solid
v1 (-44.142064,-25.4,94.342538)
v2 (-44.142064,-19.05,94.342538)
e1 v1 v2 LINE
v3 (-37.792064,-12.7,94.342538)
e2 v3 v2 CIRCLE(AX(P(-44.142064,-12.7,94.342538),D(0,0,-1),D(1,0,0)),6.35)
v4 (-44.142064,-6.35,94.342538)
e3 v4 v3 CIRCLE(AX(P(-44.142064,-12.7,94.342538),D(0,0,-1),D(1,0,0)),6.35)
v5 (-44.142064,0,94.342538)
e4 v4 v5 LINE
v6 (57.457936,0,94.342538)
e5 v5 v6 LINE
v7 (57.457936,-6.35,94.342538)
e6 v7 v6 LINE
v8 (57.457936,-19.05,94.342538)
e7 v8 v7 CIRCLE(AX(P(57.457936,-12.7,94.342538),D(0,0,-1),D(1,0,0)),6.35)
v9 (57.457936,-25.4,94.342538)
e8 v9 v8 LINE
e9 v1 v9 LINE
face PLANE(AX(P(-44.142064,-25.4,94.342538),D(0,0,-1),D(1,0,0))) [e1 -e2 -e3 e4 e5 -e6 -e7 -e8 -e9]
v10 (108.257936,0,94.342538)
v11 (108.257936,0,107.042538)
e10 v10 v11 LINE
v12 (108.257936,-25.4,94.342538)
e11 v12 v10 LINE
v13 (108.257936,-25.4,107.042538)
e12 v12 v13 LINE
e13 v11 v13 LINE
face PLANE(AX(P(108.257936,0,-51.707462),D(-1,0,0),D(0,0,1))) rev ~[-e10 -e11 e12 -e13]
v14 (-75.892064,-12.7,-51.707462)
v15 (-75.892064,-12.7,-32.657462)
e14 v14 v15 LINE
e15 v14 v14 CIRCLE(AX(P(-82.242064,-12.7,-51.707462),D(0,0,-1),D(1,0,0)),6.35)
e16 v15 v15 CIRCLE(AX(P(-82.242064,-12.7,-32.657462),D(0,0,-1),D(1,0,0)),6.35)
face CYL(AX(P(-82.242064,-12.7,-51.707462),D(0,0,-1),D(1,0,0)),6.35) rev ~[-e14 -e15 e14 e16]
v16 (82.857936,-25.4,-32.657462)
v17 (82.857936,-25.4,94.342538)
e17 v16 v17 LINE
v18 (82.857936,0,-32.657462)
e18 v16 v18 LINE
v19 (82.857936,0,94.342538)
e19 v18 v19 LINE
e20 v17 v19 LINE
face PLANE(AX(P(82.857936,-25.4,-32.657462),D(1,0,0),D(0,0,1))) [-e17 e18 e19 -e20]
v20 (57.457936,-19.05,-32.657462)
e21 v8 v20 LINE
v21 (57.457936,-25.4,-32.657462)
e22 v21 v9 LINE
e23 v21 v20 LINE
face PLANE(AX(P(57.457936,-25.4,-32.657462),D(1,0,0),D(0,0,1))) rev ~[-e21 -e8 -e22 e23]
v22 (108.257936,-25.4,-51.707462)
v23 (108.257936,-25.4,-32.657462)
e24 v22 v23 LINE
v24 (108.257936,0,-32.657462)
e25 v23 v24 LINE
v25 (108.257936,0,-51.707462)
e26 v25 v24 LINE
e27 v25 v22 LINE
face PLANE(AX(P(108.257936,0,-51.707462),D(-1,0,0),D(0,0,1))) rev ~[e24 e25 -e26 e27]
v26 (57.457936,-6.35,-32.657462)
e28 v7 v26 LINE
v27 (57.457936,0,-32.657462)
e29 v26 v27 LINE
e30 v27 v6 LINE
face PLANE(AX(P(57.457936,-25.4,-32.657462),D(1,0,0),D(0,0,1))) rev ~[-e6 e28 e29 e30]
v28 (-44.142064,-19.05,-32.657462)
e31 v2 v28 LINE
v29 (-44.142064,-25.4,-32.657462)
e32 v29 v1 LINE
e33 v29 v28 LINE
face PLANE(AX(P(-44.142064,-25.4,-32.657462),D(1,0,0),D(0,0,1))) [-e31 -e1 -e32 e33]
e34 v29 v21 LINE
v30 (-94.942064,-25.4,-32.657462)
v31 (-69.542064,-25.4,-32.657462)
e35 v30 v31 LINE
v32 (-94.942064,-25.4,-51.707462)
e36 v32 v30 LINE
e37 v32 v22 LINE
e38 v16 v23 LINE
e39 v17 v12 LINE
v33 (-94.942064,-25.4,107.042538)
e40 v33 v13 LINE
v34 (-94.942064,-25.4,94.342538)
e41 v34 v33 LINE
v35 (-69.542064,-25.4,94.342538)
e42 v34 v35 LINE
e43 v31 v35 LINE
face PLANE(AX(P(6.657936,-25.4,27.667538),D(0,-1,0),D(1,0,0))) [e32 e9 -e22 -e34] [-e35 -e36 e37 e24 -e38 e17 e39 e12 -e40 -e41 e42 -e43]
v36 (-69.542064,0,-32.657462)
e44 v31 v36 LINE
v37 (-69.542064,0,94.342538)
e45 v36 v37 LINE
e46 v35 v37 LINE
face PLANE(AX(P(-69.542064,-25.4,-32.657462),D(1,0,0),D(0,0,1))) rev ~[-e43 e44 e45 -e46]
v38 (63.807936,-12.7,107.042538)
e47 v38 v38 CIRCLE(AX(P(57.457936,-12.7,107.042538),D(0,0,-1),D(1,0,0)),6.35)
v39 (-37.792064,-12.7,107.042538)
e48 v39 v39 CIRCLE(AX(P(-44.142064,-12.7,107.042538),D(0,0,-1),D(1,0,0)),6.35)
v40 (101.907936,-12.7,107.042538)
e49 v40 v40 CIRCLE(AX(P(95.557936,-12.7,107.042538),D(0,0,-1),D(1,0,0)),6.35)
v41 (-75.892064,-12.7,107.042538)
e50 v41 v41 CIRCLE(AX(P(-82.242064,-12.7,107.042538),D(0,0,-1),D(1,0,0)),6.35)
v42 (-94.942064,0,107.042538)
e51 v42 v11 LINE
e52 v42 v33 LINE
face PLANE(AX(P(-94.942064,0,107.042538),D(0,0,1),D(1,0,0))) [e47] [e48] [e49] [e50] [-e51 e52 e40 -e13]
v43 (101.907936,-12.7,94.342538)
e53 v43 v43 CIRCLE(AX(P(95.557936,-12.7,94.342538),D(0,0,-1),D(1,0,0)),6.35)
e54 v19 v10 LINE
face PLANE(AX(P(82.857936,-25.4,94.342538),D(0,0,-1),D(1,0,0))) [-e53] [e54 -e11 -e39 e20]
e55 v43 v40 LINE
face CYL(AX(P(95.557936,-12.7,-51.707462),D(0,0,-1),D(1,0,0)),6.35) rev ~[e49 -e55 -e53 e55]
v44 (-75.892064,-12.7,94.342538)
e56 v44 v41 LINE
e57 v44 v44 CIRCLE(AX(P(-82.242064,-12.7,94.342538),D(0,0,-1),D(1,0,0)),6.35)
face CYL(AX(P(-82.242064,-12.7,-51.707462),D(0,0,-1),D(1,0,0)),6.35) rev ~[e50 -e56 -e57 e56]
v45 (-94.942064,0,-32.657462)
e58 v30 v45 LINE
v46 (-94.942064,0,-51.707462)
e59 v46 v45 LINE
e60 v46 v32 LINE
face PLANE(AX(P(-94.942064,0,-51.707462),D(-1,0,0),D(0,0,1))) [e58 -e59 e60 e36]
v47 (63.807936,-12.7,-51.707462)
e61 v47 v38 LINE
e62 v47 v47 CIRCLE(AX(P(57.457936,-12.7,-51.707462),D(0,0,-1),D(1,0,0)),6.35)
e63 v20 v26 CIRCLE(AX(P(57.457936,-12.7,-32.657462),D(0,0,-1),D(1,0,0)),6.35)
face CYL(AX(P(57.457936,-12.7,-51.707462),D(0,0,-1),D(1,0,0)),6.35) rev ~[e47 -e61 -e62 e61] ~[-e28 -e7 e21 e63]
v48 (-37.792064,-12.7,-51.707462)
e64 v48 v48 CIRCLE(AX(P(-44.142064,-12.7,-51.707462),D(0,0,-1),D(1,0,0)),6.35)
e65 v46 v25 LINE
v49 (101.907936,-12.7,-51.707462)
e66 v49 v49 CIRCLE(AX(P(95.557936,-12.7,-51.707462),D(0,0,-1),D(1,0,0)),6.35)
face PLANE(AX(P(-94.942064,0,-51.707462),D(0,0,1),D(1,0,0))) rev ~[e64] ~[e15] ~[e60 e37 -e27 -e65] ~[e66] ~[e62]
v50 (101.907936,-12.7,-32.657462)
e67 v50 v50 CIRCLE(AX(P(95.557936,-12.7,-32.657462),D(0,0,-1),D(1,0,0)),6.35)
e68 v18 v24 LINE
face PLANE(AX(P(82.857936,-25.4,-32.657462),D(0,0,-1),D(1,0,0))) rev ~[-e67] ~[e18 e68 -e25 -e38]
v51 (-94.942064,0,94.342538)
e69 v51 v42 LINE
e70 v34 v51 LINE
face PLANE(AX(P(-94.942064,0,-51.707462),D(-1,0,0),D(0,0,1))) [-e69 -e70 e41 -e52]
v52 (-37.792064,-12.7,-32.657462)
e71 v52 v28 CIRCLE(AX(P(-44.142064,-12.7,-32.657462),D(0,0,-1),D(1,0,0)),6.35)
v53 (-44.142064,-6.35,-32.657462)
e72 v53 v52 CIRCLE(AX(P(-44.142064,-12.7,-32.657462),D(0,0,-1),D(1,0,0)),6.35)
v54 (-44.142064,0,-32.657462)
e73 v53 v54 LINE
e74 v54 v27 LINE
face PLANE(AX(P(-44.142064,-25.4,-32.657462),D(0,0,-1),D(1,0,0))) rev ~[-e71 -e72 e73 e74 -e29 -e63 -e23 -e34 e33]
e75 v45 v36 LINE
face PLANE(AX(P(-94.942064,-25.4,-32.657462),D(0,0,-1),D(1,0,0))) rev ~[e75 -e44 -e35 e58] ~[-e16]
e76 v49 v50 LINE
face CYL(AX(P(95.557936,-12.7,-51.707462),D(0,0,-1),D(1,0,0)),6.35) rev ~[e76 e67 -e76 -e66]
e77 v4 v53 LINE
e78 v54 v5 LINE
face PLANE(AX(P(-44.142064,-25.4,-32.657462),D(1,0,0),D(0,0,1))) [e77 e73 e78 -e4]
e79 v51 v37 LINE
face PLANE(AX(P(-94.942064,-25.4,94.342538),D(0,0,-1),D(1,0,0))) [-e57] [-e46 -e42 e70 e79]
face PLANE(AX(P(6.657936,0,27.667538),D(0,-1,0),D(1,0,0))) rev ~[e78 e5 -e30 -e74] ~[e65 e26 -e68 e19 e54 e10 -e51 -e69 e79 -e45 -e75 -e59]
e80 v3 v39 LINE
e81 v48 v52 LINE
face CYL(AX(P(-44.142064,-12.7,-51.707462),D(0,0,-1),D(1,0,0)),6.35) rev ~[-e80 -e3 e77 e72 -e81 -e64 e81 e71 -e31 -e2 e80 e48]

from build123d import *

# Parameters (mm, degrees)
F0_W     = 203.2
F0_H     = 158.75
F1_DEPTH = 25.4
F2_W     = 25.4
F2_H     = 127
F3_DEPTH = 25.4
F4_R     = 6.35
F5_DEPTH = 177.8
F6_R     = 6.35
F7_DEPTH = 177.8
F8_W     = 101.6
F8_H     = 127
F9_DEPTH = 25.4


with BuildPart() as f1:
    # F0 (on Front) → F1 (new body)
    with BuildSketch(Plane.XZ):
        with Locations((6.657936, 27.667538)):
            Rectangle(F0_W, F0_H)
    extrude(amount=F1_DEPTH)

    # F2 (on face) → F3 (cut)
    with BuildSketch(Plane.XZ.offset(25.4)):
        with Locations((-82.242064, 30.842538)):
            Rectangle(F2_W, F2_H)
        with Locations((95.557936, 30.842538)):
            Rectangle(F2_W, F2_H)
    extrude(amount=-F3_DEPTH, mode=Mode.SUBTRACT)

    # F4 (on face) → F5 (cut)
    with BuildSketch(Plane(origin=(0, 0, -51.707462), x_dir=(1, 0, 0), z_dir=(0, 0, -1))):
        with Locations((-44.142064, 12.7)):
            Circle(F4_R)
        with Locations((57.457936, 12.7)):
            Circle(F4_R)
    extrude(amount=-F5_DEPTH, mode=Mode.SUBTRACT)

    # F6 (on face) → F7 (cut)
    with BuildSketch(Plane(origin=(0, 0, -51.707462), x_dir=(1, 0, 0), z_dir=(0, 0, -1))):
        with Locations((-82.242064, 12.7)):
            Circle(F6_R)
        with Locations((95.557936, 12.7)):
            Circle(F6_R)
    extrude(amount=-F7_DEPTH, mode=Mode.SUBTRACT)

    # F8 (on face) → F9 (cut)
    with BuildSketch(Plane.XZ.offset(25.4)):
        with Locations((6.657936, 30.842538)):
            Rectangle(F8_W, F8_H)
    extrude(amount=-F9_DEPTH, mode=Mode.SUBTRACT)


solid = f1.part
